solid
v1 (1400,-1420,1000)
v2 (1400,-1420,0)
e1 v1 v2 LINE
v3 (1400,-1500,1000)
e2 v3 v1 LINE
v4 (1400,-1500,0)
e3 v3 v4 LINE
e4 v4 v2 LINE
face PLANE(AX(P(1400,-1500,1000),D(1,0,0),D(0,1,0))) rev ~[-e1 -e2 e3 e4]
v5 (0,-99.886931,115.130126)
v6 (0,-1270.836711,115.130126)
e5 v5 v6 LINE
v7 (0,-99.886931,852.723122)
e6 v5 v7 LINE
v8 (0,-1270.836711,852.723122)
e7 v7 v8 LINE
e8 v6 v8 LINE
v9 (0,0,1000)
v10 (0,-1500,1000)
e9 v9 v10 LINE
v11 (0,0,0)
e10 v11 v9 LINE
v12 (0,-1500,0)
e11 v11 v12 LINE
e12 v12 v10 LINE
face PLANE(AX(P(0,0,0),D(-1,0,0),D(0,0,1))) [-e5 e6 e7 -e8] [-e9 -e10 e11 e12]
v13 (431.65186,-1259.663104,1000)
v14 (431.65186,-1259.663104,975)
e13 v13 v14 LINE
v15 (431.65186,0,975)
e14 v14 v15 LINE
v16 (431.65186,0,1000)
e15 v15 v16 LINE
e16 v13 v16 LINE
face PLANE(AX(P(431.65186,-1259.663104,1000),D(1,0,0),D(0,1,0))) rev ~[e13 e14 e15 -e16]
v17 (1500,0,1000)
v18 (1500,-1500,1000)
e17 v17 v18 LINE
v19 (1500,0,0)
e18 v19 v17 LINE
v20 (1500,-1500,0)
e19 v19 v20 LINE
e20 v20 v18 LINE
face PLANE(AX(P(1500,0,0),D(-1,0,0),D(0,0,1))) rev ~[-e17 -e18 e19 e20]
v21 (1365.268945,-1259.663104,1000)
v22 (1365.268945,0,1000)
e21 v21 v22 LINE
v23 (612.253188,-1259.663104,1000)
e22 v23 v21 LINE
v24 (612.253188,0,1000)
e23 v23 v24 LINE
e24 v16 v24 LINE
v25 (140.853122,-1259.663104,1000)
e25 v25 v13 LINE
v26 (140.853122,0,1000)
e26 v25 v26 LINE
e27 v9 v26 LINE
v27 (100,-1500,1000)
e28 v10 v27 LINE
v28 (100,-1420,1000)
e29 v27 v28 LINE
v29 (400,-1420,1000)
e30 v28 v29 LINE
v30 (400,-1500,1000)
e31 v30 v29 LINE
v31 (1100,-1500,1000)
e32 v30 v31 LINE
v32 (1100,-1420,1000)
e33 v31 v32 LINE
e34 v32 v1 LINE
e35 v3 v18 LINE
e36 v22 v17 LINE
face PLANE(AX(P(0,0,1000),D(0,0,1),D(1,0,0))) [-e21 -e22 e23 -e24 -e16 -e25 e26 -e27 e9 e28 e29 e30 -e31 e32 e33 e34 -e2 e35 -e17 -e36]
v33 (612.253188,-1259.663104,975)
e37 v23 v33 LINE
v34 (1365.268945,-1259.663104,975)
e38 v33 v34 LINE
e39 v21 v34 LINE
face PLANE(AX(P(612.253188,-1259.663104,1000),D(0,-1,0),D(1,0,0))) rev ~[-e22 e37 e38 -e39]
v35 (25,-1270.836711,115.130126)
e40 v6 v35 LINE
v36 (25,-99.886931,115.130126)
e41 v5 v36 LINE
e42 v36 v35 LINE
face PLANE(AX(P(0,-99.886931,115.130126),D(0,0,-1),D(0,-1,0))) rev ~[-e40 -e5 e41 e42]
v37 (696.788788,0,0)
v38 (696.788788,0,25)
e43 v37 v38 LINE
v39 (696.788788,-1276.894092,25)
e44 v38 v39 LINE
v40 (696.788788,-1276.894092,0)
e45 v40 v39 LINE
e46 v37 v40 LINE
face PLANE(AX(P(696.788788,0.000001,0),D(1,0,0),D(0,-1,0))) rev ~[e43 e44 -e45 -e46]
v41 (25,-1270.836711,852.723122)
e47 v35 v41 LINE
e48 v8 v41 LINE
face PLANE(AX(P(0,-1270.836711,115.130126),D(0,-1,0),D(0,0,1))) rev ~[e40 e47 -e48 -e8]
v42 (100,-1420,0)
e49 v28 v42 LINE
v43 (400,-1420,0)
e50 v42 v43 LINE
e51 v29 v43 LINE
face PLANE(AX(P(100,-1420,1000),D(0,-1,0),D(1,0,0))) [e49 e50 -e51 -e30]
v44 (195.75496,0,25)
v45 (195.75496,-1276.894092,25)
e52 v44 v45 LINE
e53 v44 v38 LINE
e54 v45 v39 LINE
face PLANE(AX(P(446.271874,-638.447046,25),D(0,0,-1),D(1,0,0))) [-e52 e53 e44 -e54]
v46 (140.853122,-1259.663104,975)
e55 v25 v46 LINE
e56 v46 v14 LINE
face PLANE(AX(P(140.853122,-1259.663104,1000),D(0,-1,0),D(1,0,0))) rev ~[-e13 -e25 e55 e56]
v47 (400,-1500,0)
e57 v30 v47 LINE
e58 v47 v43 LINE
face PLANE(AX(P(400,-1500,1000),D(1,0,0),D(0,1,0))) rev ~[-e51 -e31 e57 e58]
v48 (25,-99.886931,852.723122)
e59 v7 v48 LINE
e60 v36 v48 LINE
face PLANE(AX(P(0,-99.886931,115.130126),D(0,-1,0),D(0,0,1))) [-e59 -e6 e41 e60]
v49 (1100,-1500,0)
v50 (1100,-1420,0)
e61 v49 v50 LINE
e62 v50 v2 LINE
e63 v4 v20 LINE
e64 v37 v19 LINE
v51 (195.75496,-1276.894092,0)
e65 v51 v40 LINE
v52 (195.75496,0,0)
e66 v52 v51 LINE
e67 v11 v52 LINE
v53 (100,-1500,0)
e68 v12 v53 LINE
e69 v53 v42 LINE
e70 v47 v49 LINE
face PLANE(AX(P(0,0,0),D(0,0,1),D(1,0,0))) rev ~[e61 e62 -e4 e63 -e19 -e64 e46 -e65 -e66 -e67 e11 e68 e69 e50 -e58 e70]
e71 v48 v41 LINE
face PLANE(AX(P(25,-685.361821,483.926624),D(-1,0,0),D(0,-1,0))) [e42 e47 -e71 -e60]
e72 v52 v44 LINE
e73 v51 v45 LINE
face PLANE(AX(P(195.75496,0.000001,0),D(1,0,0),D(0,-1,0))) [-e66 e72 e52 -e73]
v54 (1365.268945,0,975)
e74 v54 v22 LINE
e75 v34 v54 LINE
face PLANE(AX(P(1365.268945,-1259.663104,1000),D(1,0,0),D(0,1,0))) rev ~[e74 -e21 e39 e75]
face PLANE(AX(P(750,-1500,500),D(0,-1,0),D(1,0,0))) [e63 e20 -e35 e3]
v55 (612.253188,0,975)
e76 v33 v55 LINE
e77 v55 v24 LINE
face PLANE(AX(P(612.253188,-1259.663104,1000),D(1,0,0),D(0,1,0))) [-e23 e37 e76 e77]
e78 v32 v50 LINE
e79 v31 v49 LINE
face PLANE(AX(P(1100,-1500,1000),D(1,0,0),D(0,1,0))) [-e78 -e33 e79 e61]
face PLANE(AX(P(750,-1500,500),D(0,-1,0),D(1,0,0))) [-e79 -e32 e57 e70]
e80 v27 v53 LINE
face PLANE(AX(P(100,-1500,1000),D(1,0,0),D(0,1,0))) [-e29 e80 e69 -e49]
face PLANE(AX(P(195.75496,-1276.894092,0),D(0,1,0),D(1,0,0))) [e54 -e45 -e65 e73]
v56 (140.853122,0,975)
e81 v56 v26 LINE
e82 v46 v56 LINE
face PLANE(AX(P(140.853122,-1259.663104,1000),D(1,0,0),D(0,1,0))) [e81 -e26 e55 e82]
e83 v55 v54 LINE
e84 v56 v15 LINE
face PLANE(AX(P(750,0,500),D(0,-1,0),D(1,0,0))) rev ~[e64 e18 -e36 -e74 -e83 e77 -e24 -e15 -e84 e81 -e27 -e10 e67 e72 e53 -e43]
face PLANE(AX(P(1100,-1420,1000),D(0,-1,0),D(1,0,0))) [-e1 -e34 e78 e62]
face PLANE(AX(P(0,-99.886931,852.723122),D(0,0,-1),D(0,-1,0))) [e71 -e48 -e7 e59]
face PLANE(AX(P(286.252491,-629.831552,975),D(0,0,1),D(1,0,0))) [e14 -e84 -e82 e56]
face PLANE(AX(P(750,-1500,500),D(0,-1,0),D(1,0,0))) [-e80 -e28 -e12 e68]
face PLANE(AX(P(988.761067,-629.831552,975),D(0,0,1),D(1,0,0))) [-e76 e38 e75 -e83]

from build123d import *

# Parameters (mm, degrees)
F0_W     = 1500
F0_H     = 1000
F1_DEPTH = 1500
F2_W     = 300
F2_H     = 80
F3_DEPTH = 1000
F4_W     = 290.798738
F4_H     = 1259.663105
F4_W_2   = 753.015757
F5_DEPTH = 25
F6_W     = 1170.94978
F6_H     = 737.592996
F7_DEPTH = 25
F8_W     = 501.033828
F8_H     = 1276.894093
F9_DEPTH = 25


with BuildPart() as f1:
    # F0 (on Front) → F1 (new body)
    with BuildSketch(Plane.XZ):
        with Locations((750, 500)):
            Rectangle(F0_W, F0_H)
    extrude(amount=F1_DEPTH)

    # F2 (on face) → F3 (cut)
    with BuildSketch(Plane.XY.offset(1000)):
        with Locations((250, -1460)):
            Rectangle(F2_W, F2_H)
        with Locations((1250, -1460)):
            Rectangle(F2_W, F2_H)
    extrude(amount=-F3_DEPTH, mode=Mode.SUBTRACT)

    # F4 (on face) → F5 (cut)
    with BuildSketch(Plane.XY.offset(1000)):
        with Locations((286.252491, -629.831552)):
            Rectangle(F4_W, F4_H)
        with Locations((988.761067, -629.831552)):
            Rectangle(F4_W_2, F4_H)
    extrude(amount=-F5_DEPTH, mode=Mode.SUBTRACT)

    # F6 (on face) → F7 (cut)
    with BuildSketch(Plane(origin=(0, 0, 0), x_dir=(0, -1, 0), z_dir=(-1, 0, 0))):
        with Locations((685.361821, 483.926624)):
            Rectangle(F6_W, F6_H)
    extrude(amount=-F7_DEPTH, mode=Mode.SUBTRACT)

    # F8 (on face) → F9 (cut)
    with BuildSketch(Plane(origin=(0, 0, 0), x_dir=(1, 0, 0), z_dir=(0, 0, -1))):
        with Locations((446.271874, 638.447046)):
            Rectangle(F8_W, F8_H)
    extrude(amount=-F9_DEPTH, mode=Mode.SUBTRACT)


solid = f1.part
